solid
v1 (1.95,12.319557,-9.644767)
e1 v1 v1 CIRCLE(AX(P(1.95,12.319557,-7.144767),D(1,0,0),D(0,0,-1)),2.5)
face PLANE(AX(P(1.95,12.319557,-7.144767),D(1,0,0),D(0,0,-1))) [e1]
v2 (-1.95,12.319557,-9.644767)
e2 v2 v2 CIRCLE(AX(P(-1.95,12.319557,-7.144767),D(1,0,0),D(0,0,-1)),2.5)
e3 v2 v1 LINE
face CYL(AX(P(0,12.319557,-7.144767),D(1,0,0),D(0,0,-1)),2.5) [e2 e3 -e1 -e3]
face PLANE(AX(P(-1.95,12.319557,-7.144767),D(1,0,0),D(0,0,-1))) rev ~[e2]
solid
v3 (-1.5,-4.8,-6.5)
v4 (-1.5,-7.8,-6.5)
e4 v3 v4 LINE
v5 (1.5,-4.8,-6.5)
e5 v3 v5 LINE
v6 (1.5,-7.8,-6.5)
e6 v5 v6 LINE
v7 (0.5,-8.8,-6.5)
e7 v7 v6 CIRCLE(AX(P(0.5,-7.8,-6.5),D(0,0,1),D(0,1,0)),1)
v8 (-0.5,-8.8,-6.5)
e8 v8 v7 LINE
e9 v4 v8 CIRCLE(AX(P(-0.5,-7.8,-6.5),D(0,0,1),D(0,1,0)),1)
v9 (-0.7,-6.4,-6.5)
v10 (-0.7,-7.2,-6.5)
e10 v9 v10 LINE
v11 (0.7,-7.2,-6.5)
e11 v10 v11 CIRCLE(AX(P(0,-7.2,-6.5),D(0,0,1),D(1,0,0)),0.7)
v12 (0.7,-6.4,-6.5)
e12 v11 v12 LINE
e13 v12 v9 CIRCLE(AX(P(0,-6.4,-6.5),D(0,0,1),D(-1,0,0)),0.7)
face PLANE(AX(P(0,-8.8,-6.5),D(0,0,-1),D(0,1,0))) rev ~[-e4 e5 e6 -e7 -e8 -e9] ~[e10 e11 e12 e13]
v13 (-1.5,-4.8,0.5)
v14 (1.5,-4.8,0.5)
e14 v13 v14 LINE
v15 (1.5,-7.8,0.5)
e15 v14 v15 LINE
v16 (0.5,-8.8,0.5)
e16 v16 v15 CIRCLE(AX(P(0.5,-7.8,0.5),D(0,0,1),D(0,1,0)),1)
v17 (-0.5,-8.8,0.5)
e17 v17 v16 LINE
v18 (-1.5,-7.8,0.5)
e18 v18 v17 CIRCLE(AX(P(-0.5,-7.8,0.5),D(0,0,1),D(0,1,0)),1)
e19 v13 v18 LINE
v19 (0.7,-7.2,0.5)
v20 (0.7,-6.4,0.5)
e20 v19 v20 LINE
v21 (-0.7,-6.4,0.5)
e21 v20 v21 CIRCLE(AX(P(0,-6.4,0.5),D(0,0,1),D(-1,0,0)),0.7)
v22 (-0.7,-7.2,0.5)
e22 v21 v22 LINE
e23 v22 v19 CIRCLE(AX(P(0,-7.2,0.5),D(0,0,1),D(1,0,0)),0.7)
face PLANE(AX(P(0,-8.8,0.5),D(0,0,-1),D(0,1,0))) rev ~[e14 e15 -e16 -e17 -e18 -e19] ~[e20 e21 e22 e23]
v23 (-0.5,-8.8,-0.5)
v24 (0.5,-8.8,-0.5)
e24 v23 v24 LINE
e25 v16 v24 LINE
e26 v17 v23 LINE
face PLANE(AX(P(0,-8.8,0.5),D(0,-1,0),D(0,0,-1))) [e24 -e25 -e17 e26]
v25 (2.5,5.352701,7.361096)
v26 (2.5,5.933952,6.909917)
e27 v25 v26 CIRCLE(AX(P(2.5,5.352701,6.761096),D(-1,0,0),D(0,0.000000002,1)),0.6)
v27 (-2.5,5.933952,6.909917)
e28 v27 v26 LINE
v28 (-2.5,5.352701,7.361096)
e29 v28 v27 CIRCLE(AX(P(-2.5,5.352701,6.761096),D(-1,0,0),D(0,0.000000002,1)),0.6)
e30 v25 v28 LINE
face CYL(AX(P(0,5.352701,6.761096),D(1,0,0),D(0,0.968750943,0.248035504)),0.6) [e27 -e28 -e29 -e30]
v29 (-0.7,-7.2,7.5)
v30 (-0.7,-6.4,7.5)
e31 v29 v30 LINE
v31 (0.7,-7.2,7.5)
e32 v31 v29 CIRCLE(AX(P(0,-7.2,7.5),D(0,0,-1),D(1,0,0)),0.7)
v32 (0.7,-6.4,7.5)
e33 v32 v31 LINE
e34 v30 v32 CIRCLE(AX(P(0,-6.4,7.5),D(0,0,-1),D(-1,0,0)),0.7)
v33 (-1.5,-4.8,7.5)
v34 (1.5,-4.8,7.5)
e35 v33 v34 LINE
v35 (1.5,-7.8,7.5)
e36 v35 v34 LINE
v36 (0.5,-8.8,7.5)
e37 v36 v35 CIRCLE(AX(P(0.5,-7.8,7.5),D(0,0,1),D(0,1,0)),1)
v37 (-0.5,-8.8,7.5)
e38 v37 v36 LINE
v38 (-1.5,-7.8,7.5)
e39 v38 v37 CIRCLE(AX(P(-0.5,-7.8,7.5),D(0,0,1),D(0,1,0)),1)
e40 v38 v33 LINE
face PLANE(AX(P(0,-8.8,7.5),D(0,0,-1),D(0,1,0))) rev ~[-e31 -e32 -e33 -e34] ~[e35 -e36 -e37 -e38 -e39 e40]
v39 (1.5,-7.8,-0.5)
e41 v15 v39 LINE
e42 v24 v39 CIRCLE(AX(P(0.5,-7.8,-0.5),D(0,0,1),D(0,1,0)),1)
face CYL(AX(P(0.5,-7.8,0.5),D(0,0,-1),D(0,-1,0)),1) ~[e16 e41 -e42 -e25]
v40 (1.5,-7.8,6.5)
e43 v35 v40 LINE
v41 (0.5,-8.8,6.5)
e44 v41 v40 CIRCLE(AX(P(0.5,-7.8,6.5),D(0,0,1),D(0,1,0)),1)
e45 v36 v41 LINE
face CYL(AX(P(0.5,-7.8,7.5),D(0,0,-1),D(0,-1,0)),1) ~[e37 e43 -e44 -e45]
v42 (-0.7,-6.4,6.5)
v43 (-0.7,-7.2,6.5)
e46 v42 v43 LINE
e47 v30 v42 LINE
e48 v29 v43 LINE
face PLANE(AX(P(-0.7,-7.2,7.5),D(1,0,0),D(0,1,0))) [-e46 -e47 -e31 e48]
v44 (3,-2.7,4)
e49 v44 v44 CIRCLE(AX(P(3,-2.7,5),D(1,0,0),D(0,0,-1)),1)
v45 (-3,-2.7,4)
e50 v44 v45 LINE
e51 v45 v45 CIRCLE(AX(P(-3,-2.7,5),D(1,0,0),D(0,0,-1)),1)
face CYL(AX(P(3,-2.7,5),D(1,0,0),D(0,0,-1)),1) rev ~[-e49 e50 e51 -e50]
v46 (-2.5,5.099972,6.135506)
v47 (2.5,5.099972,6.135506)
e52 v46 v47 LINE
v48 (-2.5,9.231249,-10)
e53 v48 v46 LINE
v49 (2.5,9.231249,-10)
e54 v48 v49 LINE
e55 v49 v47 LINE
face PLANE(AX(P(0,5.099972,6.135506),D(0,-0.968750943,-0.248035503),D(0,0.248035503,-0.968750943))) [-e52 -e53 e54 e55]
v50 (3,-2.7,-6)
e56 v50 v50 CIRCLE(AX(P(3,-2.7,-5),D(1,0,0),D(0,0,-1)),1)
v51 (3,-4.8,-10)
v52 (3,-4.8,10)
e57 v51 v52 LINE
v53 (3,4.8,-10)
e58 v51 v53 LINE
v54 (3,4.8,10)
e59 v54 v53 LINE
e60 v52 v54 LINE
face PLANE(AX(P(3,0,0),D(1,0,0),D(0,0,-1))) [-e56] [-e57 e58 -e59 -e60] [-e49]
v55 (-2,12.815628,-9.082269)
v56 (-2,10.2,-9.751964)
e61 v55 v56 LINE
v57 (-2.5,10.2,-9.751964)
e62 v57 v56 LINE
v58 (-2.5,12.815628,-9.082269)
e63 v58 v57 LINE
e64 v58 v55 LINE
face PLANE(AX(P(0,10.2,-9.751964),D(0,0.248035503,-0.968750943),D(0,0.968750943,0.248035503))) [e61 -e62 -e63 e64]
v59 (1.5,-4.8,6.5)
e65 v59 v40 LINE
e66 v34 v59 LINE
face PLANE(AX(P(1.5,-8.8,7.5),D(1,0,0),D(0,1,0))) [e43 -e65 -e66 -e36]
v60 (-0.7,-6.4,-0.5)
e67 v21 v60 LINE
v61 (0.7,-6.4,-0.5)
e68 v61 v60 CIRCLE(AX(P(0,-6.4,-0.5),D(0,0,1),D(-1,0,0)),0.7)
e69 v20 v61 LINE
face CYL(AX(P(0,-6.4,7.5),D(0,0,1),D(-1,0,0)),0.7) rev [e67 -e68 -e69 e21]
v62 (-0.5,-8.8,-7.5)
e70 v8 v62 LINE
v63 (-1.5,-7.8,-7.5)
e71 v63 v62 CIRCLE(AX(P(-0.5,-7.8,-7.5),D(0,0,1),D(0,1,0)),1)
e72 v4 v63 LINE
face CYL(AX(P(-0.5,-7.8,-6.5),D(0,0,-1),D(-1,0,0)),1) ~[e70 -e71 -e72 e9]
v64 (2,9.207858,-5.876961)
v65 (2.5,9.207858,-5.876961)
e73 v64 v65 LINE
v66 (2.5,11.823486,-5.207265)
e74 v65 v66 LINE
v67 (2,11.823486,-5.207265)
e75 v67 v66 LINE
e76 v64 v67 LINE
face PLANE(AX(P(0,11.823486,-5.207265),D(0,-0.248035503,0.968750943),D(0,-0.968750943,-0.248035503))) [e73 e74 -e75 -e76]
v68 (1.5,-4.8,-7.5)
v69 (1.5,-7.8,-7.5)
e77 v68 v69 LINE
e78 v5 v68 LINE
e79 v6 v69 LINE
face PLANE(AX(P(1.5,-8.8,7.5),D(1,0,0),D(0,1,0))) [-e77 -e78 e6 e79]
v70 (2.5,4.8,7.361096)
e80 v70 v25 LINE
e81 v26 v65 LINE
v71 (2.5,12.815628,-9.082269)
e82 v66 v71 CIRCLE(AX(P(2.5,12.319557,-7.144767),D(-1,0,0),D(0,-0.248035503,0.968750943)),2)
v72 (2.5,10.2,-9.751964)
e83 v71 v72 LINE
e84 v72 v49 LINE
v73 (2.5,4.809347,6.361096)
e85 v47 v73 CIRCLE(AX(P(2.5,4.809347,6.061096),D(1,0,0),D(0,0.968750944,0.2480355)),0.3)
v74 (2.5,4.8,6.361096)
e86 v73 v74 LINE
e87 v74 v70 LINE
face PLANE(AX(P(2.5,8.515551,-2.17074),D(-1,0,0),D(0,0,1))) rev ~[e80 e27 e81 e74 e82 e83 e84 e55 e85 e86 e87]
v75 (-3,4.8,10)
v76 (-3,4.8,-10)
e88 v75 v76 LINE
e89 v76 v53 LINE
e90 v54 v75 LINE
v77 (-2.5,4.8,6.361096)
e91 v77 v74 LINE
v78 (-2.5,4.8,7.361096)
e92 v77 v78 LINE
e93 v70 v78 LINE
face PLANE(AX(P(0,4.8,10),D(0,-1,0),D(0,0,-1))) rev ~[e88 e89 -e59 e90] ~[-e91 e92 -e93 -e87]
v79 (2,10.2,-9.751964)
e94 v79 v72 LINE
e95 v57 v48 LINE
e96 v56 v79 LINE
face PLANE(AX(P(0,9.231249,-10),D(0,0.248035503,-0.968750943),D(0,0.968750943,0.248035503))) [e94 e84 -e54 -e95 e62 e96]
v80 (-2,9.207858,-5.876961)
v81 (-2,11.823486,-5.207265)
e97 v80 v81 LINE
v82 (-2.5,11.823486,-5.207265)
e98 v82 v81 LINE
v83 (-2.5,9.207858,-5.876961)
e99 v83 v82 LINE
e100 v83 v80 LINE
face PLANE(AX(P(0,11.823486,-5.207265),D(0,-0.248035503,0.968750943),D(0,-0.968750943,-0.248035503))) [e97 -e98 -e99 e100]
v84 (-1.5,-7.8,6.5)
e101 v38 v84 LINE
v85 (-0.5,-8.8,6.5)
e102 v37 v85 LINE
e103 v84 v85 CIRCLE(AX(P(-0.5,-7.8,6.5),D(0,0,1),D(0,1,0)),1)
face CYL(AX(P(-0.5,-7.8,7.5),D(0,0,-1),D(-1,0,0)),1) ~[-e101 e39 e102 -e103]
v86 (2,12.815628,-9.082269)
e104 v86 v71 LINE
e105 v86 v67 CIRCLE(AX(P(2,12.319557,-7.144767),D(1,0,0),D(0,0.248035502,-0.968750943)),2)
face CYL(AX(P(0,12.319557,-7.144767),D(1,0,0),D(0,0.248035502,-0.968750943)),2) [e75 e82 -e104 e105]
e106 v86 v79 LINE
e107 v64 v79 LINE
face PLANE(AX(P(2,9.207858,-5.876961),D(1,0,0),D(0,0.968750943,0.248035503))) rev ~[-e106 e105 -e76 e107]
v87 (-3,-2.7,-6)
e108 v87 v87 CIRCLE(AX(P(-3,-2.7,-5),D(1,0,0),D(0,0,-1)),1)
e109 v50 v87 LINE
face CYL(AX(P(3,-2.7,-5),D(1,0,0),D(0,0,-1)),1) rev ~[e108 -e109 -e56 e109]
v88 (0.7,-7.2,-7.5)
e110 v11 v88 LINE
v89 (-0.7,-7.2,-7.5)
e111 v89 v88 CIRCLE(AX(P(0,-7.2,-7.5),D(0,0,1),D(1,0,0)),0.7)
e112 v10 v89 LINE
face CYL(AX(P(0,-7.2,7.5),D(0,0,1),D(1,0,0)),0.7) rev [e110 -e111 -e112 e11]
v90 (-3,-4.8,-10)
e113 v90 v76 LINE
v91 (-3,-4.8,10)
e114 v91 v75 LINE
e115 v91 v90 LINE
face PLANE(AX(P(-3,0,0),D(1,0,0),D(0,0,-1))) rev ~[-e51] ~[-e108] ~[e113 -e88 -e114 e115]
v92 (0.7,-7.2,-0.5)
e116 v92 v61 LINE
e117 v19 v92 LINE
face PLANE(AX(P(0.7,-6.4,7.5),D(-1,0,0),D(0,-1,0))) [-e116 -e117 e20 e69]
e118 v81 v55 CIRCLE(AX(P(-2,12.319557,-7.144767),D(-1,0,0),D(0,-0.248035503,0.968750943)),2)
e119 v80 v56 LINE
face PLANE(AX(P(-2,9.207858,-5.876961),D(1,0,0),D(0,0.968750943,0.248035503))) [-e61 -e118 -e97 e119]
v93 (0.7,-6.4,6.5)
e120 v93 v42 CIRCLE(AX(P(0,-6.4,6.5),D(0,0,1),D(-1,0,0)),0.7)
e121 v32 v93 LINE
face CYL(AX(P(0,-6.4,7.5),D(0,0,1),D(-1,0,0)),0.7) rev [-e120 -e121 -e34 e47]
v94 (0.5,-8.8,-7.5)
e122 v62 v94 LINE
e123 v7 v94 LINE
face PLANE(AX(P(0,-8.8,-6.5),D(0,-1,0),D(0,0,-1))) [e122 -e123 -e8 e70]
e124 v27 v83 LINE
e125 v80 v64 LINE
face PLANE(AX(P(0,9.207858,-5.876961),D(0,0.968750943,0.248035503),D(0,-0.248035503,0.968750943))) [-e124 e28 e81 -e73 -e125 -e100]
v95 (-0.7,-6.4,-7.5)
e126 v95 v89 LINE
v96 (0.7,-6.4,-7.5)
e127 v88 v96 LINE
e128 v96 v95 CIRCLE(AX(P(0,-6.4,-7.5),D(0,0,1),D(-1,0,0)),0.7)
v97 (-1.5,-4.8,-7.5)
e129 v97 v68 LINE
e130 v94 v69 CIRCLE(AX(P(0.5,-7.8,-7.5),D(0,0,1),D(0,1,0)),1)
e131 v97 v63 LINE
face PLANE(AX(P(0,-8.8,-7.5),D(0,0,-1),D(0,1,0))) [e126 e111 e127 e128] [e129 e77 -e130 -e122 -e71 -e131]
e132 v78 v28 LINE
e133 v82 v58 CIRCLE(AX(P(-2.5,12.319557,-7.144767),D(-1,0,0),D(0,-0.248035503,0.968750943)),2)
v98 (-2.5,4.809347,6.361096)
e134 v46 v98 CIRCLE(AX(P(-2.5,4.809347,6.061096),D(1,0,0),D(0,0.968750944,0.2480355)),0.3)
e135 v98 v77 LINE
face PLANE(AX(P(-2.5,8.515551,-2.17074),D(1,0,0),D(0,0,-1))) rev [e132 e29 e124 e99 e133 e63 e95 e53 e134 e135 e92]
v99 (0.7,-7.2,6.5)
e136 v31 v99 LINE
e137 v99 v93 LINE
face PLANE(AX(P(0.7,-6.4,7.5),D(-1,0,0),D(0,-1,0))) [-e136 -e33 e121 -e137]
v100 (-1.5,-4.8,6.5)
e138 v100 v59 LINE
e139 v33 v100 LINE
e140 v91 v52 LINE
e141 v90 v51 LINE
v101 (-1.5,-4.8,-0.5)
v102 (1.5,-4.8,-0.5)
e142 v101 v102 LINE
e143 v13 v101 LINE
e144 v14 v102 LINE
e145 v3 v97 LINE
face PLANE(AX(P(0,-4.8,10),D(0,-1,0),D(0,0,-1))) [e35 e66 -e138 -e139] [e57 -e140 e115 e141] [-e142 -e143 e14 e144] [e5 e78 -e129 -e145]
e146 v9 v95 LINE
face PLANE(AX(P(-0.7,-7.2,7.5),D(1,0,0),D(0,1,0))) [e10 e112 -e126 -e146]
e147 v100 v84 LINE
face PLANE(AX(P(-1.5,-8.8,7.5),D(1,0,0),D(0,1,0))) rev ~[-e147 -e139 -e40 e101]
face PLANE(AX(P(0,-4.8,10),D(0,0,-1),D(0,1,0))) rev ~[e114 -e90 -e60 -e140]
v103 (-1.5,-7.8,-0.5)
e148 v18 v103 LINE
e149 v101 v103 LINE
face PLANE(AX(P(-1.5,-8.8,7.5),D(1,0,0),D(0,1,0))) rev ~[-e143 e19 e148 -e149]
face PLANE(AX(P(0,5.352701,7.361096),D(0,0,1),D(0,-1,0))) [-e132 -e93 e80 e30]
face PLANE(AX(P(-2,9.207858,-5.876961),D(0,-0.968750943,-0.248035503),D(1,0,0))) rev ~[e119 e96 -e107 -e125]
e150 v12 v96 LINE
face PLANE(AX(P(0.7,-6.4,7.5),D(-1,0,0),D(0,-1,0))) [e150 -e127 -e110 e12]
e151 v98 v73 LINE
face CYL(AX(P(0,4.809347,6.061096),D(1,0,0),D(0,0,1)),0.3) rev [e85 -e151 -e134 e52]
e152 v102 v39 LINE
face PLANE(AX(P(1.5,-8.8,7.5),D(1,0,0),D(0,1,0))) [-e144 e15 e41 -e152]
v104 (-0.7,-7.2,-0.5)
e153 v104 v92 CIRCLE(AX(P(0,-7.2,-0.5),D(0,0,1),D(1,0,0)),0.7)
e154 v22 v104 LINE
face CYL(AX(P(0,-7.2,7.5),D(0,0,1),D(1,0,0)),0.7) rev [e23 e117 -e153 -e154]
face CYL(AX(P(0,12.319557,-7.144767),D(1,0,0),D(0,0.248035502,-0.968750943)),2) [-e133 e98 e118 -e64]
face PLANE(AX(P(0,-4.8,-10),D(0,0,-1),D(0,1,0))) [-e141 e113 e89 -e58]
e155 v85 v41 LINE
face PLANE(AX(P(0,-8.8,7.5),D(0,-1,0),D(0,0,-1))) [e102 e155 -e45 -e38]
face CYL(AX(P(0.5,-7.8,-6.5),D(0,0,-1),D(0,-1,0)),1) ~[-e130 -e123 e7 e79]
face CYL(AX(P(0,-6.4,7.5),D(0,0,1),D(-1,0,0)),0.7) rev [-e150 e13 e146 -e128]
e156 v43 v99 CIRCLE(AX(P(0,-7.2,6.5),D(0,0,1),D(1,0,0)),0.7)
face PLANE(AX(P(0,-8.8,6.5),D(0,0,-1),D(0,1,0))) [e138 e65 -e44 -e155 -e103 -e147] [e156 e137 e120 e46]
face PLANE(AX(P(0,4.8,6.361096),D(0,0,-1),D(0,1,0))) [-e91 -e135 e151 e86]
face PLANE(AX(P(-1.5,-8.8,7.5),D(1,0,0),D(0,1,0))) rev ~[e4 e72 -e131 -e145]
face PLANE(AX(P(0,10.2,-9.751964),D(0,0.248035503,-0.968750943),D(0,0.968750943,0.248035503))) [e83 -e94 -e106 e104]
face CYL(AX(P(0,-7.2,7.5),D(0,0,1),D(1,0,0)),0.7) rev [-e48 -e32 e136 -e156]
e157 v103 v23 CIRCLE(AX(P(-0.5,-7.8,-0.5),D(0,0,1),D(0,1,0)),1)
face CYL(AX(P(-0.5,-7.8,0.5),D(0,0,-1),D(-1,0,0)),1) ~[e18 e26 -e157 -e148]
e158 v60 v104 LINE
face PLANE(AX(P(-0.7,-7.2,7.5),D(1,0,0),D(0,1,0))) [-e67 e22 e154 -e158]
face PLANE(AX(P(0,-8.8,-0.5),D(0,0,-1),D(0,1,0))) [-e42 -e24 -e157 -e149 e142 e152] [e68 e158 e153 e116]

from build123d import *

# Parameters (mm, degrees)
SKETCH1_W           = 20
SKETCH1_H           = 9.6
SKETCH1_W_2         = 1
SKETCH1_H_2         = 4
BOSS_EXTRUDE1_DEPTH = 3
SKETCH2_R           = 1
CUT_EXTRUDE1_DEPTH  = 6
SKETCH4_W           = 1.5
SKETCH4_H           = 4
CUT_EXTRUDE2_DEPTH  = 18.5
CUT_EXTRUDE3_DEPTH  = 0.5
SKETCH6_W           = 4
SKETCH6_H           = 4.7
CUT_EXTRUDE4_DEPTH  = 6.262080904
SKETCH7_R           = 2.5
BOSS_EXTRUDE2_DEPTH = 1.95
FILLET1_R           = 1


with BuildPart() as part:
    # Sketch1 → Boss-Extrude1 (new body, symmetric)
    with BuildSketch(Plane(origin=(0, 0, 0), x_dir=(0, 0, -1), z_dir=(1, 0, 0))):
        Rectangle(SKETCH1_W, SKETCH1_H)
        with BuildLine():
            Line((5.207264869, 11.823485535), (5.876960726, 9.20785799))
            Line((5.876960726, 9.20785799), (9.751964497, 10.2))
            Line((9.751964497, 10.2), (9.08226864, 12.815627546))
            ThreePointArc((9.08226864, 12.815627546), (6.648695749, 14.257058427), (5.207264869, 11.823485535))
        make_face()
        with BuildLine():
            Line((5.876960726, 9.20785799), (-6.909917136, 5.933951832))
            ThreePointArc((-6.909917136, 5.933951832), (-7.2350646, 5.720605614), (-7.361095835, 5.352701266))
            Line((-7.361095835, 5.352701266), (-7.361095835, 4.8))
            Line((-7.361095835, 4.8), (-6.361095835, 4.8))
            Line((-6.361095835, 4.8), (-6.361095835, 4.809346803))
            ThreePointArc((-6.361095835, 4.809346803), (-6.298080217, 4.993298978), (-6.135506485, 5.099972086))
            Line((-6.135506485, 5.099972086), (10, 9.231249057))
            Line((10, 9.231249057), (9.751964497, 10.2))
            Line((9.751964497, 10.2), (5.876960726, 9.20785799))
        make_face()
        with BuildLine():
            Line((5.207264869, 11.823485535), (5.876960726, 9.20785799))
            Line((5.876960726, 9.20785799), (9.751964497, 10.2))
            Line((9.751964497, 10.2), (9.08226864, 12.815627546))
            ThreePointArc((9.08226864, 12.815627546), (6.648695749, 14.257058427), (5.207264869, 11.823485535))
        make_face()
        with Locations((-7, -6.8)):
            Rectangle(SKETCH1_W_2, SKETCH1_H_2)
        with Locations((0, -6.8)):
            Rectangle(SKETCH1_W_2, SKETCH1_H_2)
        with Locations((7, -6.8)):
            Rectangle(SKETCH1_W_2, SKETCH1_H_2)
    extrude(amount=BOSS_EXTRUDE1_DEPTH, both=True)

    # Sketch2 → Cut-Extrude1 (cut)
    with BuildSketch(Plane(origin=(3, 0, 0), x_dir=(0, 0, -1), z_dir=(1, 0, 0))):
        with Locations((-5, -2.7)):
            Circle(SKETCH2_R)
        with Locations((5, -2.7)):
            Circle(SKETCH2_R)
    extrude(amount=-CUT_EXTRUDE1_DEPTH, mode=Mode.SUBTRACT)

    # Sketch4 → Cut-Extrude2 (cut, through all)
    with BuildSketch(Plane.XY.offset(7.5)):
        with Locations((2.25, -6.8)):
            Rectangle(SKETCH4_W, SKETCH4_H)
        with Locations((-2.25, -6.8)):
            Rectangle(SKETCH4_W, SKETCH4_H)
        with BuildLine():
            Line((-0.7, -7.2), (-0.7, -6.4))
            ThreePointArc((-0.7, -6.4), (0, -5.7), (0.7, -6.4))
            Line((0.7, -6.4), (0.7, -7.2))
            ThreePointArc((0.7, -7.2), (0, -7.9), (-0.7, -7.2))
        make_face()
    extrude(amount=-CUT_EXTRUDE2_DEPTH, mode=Mode.SUBTRACT)

    # Sketch5 → Cut-Extrude3 (cut)
    with BuildSketch(Plane(origin=(3, 0, 0), x_dir=(0, 0, -1), z_dir=(1, 0, 0))):
        with BuildLine():
            Line((-6.361095835, 4.8), (-7.361095835, 4.8))
            Line((-7.361095835, 4.8), (-7.361095835, 5.352701266))
            ThreePointArc((-7.361095835, 5.352701266), (-7.2350646, 5.720605614), (-6.909917136, 5.933951832))
            Line((-6.909917136, 5.933951832), (5.876960726, 9.20785799))
            Line((5.876960726, 9.20785799), (5.207264869, 11.823485535))
            ThreePointArc((5.207264869, 11.823485535), (6.648695749, 14.257058427), (9.08226864, 12.815627546))
            Line((9.08226864, 12.815627546), (10, 9.231249057))
            Line((10, 9.231249057), (-6.135506485, 5.099972086))
            ThreePointArc((-6.135506485, 5.099972086), (-6.298080217, 4.993298978), (-6.361095835, 4.809346803))
            Line((-6.361095835, 4.809346803), (-6.361095835, 4.8))
        make_face()
    cut_extrude3 = extrude(amount=-CUT_EXTRUDE3_DEPTH, mode=Mode.SUBTRACT)

    # Mirror1: Cut-Extrude3 across plane
    add(cut_extrude3.mirror(Plane(origin=(0, 0, 0), x_dir=(0, 0, 1), z_dir=(1, 0, 0))), mode=Mode.SUBTRACT)

    # Sketch6 → Cut-Extrude4 (cut, through all)
    with BuildSketch(Plane(origin=(0, 1.978625569, -7.727907359), x_dir=(1, 0, 0), z_dir=(0, -0.248035503, 0.968750943))):
        with Locations((0, 9.812426202)):
            Rectangle(SKETCH6_W, SKETCH6_H)
    extrude(amount=-CUT_EXTRUDE4_DEPTH, mode=Mode.SUBTRACT)

    # Fillet1
    fillet1_edges = [part.edges().sort_by_distance(p)[0] for p in [
        (1.5, -8.8, -7),
        (1.5, -8.8, 0),
        (1.5, -8.8, 7),
        (-1.5, -8.8, -7),
        (-1.5, -8.8, 0),
        (-1.5, -8.8, 7),
    ]]
    fillet(fillet1_edges, radius=FILLET1_R)


with BuildPart() as body_2:
    # Sketch7 → Boss-Extrude2 (new body, symmetric)
    with BuildSketch(Plane(origin=(0, 0, 0), x_dir=(0, 0, -1), z_dir=(1, 0, 0))):
        with Locations((7.144766754, 12.319556541)):
            Circle(SKETCH7_R)
    extrude(amount=BOSS_EXTRUDE2_DEPTH, both=True)


solid = Compound([part.part, body_2.part])
